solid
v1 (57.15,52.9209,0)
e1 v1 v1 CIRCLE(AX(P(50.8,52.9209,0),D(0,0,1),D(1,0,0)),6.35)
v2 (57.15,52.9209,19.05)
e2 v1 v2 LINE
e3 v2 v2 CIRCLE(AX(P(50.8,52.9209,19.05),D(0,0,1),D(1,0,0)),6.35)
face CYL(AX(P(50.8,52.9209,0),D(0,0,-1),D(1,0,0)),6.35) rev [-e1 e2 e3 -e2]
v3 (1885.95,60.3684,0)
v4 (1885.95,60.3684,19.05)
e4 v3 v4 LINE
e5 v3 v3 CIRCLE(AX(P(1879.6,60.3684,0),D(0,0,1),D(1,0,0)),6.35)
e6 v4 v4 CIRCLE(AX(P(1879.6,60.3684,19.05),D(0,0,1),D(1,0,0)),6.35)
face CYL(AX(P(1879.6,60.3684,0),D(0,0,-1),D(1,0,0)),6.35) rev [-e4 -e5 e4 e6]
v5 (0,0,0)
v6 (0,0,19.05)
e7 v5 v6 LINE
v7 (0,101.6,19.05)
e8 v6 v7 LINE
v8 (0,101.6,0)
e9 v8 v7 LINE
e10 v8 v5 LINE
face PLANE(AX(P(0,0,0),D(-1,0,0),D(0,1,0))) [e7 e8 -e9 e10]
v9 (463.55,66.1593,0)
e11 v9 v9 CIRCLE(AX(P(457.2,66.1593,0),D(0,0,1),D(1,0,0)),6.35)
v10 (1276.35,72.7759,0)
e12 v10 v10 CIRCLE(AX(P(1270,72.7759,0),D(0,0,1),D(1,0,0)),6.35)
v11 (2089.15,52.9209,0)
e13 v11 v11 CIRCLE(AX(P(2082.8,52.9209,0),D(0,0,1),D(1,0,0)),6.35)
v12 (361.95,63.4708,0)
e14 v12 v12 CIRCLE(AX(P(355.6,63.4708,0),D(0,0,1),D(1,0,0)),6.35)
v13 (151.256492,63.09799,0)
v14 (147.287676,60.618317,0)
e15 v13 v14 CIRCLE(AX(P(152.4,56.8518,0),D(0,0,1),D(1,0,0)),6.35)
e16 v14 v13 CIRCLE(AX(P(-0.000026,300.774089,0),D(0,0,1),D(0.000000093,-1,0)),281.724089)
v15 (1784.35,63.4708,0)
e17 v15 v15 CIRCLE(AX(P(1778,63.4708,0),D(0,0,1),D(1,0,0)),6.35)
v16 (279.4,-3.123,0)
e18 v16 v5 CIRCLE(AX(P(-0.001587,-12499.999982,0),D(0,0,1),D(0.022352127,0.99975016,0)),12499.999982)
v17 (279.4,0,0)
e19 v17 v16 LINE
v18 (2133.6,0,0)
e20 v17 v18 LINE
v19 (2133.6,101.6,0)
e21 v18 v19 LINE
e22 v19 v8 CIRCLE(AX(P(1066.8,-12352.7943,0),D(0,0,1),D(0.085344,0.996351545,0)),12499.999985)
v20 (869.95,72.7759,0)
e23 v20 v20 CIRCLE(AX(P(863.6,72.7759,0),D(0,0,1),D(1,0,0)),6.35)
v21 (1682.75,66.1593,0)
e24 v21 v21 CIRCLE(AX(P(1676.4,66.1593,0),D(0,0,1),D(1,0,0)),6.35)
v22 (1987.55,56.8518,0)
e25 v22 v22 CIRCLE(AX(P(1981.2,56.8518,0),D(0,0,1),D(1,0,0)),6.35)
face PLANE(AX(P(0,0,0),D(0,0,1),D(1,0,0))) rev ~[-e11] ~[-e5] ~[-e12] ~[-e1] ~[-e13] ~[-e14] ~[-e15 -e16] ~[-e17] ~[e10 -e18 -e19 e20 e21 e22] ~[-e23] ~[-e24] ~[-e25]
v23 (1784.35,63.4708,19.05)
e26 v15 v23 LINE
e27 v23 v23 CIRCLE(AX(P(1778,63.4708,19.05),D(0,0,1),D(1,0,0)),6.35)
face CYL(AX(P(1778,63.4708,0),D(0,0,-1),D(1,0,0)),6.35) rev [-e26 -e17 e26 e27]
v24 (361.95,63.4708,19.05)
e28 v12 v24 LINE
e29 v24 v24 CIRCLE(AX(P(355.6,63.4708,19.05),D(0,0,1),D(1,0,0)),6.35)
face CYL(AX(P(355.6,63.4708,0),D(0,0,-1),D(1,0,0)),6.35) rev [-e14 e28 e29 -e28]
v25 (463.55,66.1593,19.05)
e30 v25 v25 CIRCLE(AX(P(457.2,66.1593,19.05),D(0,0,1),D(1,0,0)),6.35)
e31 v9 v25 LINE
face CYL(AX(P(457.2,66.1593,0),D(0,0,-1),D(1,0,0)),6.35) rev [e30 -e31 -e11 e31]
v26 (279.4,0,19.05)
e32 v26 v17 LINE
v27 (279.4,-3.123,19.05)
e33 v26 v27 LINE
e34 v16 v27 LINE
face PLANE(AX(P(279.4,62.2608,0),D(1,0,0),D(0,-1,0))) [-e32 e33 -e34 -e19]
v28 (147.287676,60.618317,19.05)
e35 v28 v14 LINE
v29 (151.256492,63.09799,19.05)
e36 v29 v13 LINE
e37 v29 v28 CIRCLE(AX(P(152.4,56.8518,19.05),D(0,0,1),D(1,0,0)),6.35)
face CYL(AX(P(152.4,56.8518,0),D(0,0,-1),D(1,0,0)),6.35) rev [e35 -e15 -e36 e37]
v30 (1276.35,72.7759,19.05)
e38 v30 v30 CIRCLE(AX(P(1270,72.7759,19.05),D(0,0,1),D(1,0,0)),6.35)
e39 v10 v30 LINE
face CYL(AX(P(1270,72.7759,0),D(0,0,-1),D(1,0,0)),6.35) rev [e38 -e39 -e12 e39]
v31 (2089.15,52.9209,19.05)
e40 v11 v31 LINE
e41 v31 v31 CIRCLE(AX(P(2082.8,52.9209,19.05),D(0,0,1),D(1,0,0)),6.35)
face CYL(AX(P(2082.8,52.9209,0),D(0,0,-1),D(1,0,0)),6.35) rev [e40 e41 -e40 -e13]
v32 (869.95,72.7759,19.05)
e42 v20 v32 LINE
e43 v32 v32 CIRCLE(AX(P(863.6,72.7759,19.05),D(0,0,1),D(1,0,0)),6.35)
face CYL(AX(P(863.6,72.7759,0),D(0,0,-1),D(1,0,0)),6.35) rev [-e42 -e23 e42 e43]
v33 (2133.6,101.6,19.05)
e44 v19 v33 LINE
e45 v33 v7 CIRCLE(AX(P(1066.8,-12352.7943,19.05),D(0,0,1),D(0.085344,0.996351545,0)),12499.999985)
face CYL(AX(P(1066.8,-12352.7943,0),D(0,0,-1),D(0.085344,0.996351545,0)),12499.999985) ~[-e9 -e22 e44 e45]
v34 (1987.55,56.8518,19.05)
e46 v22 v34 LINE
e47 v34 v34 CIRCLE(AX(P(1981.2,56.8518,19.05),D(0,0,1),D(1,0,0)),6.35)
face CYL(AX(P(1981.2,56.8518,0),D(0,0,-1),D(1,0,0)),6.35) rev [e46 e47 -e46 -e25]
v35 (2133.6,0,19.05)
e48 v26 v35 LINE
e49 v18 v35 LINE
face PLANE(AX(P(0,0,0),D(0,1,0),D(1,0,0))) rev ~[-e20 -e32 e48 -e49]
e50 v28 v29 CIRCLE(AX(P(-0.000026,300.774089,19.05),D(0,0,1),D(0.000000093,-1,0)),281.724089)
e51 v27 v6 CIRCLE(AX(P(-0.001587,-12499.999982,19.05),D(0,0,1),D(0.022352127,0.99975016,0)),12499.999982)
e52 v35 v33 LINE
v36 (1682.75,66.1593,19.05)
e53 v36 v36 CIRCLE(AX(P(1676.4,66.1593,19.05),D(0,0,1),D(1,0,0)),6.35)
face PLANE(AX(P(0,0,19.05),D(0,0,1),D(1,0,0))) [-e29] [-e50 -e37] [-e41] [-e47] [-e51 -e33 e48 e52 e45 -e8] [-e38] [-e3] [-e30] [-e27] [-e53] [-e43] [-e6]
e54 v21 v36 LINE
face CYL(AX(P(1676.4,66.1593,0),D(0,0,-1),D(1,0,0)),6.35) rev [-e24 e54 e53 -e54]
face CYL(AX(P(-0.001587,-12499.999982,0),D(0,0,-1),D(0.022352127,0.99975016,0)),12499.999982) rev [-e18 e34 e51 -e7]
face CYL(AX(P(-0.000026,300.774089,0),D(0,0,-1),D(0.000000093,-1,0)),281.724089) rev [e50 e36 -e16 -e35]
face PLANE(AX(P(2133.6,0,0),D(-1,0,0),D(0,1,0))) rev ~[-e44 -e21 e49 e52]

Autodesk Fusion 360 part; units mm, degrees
sketch "Camber Block" plane through (0, 0, 0) normal (0, 0, 1) x (1, 0, 0)
  line L0 (0, 0) -> (2133.6, 0)
  line L1 (2133.6, 0) -> (2133.6, 101.6)
  line L2 (0, 0) -> (0, 101.6)
  arc A0 (2133.6, 101.6) -> (0, 101.6) centre (1066.8, -12352.7943) ccw
  circle A1 centre (50.8, 52.9209) radius 6.35
  circle A2 centre (152.4, 56.8518) radius 6.35
  circle A3 centre (254, 60.3684) radius 6.35
  circle A4 centre (355.6, 63.4708) radius 6.35
  line L3 (1066.8, 0) -> (1066.8, 147.2057) construction
  arc A5 (2133.6, 50.8) -> (0, 50.8) centre (1066.8, -24892.1929) ccw construction
  circle A6 centre (457.2, 66.1593) radius 6.35
  circle A7 centre (863.6, 72.7759) radius 6.35
  circle A8 centre (1270, 72.7759) radius 6.35
  circle A9 centre (1676.4, 66.1593) radius 6.35
  circle A10 centre (1778, 63.4708) radius 6.35
  circle A11 centre (1879.6, 60.3684) radius 6.35
  circle A12 centre (1981.2, 56.8518) radius 6.35
  circle A13 centre (2082.8, 52.9209) radius 6.35
  line L4 (416.8, 130.2942) -> (1716.8, 130.2942) construction
  dimension "BlockWidth" = 2133.6
  dimension "EndHeight" = 101.6
  dimension "CamberRadius" = 12500
  dimension "HoleDiameter" = 12.7
  dimension "d5" = 50.8
  dimension "d7" = 101.6
  dimension "d8" = 101.6
  dimension "d9" = 101.6
  dimension "d11" = 101.6
  dimension "d12" = 406.4
  dimension "TestLine" = 1300
  dimension "d16" = 22.5203
extrude "Extrude1" add sketch "Camber Block" along normal blind 19.05
equation "BlockWidth = 84\""
equation "EndHeight = 4\""
equation "d12 = 16\""

Autodesk Fusion 360 part; units mm, degrees
sketch "End Block Outline" plane through (0, 0, 0) normal (0, 0, 1) x (1, 0, 0)
  line L0 (0, 0) -> (0, 19.05)
  line L1 (0, 0) -> (279.4, 0) construction
  arc A0 (279.4, -3.123) -> (0, 0) centre (0, -12500) ccw
  arc A1 (0, 19.05) -> (195.4998, 97.9237) centre (0, 300.7741) ccw
  line L2 (0, 19.05) -> (279.4, 19.05) construction
  line L3 (279.4, 0) -> (279.4, -3.123) construction
  arc A2 (279.4, 62.2608) -> (195.4998, 97.9237) centre (229.8704, 62.2608) ccw
  line L4 (279.4, 62.2608) -> (279.4, -3.123)
  circle A3 centre (127, 22.225) radius 6.35
  circle A4 centre (228.6, 53.7591) radius 6.35
  line L5 (170, 19.05) -> (170, 76.1222) construction
  dimension "EndThickness" = 19.05
  dimension "BaseRadius" = 12500
  dimension "ArcRadius" = 281.7241
  dimension "BlockWidth" = 279.4
  dimension "ArcCordLength" = 210.8109
  dimension "d13" = 12.7
  dimension "d14" = 127
  dimension "d15" = 22.225
  dimension "d16" = 101.6
  dimension "d17" = 31.5341
  dimension "TestLength" = 170
  dimension "d2" = 65.002
extrude "Extrude1" add sketch "End Block Outline" along normal blind 19.05
equation "BlockWidth = 11\""
equation "ArcCordLength = 2 * ArcRadius * sin(ArcAngle / 2)"
equation "d14 = 5\""
equation "d15 = ( 7 / 8 ) * 1\""
equation "d16 = 4\""
equation "ArcLength = 216.06764 mm"
equation "ArcAngle = ( 360 * ArcLength / ( 2 * PI * ArcRadius ) ) * 1 deg" comment "Internal computation"
